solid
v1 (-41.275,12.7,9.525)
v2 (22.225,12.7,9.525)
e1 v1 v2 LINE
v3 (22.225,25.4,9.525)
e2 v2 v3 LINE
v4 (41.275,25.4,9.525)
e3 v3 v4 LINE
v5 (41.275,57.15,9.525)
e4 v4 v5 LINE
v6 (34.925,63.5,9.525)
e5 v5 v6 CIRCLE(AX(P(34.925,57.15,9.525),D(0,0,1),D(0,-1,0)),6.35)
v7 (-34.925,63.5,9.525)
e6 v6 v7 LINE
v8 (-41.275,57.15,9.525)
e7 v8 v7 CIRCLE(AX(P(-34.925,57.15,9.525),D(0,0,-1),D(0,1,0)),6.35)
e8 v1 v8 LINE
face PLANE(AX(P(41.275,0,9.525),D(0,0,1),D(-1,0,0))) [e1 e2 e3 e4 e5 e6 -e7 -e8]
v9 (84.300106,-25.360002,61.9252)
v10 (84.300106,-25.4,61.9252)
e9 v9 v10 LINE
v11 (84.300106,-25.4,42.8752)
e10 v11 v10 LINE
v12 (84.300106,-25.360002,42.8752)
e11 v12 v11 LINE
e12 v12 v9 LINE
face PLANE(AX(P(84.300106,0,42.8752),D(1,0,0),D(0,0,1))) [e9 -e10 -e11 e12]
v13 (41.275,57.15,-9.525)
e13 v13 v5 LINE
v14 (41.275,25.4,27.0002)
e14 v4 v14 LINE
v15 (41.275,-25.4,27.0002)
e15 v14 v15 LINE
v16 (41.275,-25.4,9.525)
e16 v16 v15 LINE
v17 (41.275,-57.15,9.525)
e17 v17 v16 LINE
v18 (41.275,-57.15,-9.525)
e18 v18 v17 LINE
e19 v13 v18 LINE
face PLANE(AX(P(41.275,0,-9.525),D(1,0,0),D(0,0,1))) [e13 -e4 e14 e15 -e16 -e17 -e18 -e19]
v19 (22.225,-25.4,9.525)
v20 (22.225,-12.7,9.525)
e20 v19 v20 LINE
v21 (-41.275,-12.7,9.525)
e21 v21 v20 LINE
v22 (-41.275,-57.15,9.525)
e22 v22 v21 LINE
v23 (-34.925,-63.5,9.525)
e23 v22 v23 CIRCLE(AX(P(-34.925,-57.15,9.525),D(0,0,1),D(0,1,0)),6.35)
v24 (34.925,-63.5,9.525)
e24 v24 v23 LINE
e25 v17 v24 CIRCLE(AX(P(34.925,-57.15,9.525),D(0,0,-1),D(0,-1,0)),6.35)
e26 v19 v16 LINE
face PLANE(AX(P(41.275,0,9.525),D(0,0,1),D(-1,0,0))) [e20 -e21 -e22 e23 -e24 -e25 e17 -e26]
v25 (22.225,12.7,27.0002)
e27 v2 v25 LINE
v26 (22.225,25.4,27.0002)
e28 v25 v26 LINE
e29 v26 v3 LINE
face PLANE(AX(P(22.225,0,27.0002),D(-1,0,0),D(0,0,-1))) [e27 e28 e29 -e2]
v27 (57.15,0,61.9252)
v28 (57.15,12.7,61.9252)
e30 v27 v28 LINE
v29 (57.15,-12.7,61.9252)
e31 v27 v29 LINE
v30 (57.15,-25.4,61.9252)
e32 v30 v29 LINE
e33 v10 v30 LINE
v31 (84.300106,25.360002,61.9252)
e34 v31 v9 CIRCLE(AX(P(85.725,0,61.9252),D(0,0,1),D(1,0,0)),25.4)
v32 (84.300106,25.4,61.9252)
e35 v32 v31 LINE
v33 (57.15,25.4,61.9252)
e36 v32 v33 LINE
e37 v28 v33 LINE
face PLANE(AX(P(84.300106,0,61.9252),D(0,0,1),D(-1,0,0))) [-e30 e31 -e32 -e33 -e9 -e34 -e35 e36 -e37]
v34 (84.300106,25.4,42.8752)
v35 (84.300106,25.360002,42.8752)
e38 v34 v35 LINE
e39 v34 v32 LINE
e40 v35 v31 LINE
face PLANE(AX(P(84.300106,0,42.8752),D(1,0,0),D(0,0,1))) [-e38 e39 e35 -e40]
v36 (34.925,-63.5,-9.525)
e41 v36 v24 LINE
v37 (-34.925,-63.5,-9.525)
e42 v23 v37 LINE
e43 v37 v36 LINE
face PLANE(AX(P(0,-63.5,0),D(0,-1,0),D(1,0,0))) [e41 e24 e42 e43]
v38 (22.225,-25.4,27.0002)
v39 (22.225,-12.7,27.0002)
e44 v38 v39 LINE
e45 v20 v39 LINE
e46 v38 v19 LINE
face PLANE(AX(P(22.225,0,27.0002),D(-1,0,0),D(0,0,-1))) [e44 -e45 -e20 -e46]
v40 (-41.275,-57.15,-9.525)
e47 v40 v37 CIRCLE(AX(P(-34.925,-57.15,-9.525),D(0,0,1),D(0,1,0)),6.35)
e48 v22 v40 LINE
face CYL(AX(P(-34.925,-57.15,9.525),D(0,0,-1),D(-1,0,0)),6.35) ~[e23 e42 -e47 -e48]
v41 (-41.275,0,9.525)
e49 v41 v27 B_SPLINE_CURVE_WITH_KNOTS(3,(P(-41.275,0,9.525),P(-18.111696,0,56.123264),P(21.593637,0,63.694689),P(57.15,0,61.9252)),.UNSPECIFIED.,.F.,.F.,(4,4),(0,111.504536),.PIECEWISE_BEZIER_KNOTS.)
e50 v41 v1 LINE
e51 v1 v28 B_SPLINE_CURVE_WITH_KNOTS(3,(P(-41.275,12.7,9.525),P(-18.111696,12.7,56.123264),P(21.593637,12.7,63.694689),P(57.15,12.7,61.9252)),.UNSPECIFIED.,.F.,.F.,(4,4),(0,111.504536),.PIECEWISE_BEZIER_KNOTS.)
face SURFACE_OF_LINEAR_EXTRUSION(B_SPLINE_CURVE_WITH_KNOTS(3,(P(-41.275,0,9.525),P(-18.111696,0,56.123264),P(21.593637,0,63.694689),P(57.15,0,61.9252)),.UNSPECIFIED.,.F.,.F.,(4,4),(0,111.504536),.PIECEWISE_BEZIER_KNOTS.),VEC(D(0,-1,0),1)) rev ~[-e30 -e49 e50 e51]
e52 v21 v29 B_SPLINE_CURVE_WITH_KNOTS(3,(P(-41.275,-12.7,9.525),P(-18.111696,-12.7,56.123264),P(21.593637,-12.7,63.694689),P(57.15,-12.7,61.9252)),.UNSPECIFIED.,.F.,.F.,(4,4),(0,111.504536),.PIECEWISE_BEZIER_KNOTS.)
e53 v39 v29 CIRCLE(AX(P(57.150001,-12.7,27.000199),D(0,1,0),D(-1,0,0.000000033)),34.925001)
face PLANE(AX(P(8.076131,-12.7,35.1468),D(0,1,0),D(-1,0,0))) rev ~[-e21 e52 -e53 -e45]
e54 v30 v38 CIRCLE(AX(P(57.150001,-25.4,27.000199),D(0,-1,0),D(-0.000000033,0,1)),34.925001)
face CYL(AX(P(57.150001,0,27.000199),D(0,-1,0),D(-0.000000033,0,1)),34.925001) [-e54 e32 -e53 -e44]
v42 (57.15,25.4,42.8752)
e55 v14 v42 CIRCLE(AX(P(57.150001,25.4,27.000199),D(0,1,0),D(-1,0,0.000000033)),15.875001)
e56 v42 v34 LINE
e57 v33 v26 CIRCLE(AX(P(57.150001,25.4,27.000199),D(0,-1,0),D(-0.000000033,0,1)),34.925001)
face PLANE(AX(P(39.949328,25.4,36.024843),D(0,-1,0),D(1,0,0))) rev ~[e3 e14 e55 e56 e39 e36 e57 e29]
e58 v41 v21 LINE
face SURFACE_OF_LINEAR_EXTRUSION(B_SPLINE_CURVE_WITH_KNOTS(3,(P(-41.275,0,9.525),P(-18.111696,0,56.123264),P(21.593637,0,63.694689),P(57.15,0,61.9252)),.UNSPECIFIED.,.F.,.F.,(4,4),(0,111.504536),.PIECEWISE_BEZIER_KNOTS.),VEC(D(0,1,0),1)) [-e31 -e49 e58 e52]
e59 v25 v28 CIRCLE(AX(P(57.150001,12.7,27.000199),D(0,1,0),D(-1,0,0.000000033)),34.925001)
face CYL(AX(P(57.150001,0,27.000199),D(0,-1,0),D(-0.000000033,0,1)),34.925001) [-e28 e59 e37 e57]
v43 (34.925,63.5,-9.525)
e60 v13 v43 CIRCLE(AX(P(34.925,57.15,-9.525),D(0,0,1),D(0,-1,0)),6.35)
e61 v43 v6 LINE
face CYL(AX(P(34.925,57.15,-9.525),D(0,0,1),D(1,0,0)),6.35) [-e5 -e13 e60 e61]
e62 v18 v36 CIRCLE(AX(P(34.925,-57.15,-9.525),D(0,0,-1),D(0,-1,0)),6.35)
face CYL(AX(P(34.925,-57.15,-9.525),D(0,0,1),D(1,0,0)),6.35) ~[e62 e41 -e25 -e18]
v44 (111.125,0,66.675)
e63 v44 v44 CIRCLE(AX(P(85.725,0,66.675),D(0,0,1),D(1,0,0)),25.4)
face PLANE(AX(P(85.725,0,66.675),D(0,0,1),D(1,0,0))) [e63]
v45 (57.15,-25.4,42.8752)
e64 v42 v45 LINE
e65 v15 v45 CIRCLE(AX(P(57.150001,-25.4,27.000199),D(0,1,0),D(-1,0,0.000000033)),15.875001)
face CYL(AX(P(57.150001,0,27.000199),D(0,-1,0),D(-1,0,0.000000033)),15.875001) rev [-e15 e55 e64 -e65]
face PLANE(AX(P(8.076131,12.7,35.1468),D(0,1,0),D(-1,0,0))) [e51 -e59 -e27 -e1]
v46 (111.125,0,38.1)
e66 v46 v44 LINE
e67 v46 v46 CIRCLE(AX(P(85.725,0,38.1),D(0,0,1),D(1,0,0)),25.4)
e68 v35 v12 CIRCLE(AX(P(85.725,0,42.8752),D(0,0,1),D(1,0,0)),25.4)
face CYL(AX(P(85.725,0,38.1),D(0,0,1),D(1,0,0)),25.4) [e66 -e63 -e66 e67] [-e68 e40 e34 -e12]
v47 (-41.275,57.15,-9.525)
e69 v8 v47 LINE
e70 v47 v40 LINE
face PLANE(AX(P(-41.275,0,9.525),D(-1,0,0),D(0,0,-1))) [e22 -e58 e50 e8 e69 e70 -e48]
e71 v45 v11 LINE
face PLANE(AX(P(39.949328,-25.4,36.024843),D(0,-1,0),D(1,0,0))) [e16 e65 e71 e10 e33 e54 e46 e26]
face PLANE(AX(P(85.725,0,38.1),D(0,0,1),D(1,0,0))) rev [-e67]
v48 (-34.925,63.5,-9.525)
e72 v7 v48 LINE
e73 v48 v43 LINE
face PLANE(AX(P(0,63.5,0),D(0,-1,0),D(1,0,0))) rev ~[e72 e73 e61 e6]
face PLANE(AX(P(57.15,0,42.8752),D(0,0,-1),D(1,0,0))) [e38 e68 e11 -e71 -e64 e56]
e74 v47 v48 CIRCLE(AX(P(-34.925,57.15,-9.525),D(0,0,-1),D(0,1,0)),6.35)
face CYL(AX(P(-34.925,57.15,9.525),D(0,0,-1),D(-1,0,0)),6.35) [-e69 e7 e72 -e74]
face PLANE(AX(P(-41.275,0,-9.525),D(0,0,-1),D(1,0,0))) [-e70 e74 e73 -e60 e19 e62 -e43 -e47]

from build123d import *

# Parameters (mm, degrees)
F1_DEPTH = 63.5
F0_W     = 23.975106
F0_H     = 19.05
F2_DEPTH = 25.4
F3_DEPTH = 12.7
F5_R     = 6.35


with BuildPart() as f1:
    # F0 (on Front) → F1 (new body, symmetric)
    with BuildSketch(Plane.XZ):
        Polygon((-41.275, 9.525), (-41.275, -9.525), (41.275, -9.525), (41.275, 9.525), (22.225, 9.525), align=None)
    extrude(amount=F1_DEPTH, both=True)

    # F0 (on Front) → F2 (join, symmetric)
    with BuildSketch(Plane.XZ):
        with BuildLine():
            Line((22.225, 9.525), (41.275, 9.525))
            Line((41.275, 9.525), (41.275, 27.0002))
            ThreePointArc((41.275, 27.0002), (45.92468, 38.22552), (57.15, 42.8752))
            Line((57.15, 42.8752), (60.325, 42.8752))
            Line((60.325, 42.8752), (60.325, 61.9252))
            Line((60.325, 61.9252), (57.15, 61.9252))
            ThreePointArc((57.15, 61.9252), (32.454296, 51.695904), (22.225, 27.0002))
            Line((22.225, 27.0002), (22.225, 9.525))
        make_face()
        with Locations((72.312553, 52.4002)):
            Rectangle(F0_W, F0_H)
    extrude(amount=F2_DEPTH, both=True)

    # F0 (on Front) → F3 (join, symmetric)
    with BuildSketch(Plane.XZ):
        with BuildLine():
            add(Edge.make_bspline(
                [(-41.275, 9.525), (-18.111696, 56.123264), (21.593637, 63.694689), (57.15, 61.9252)],
                knots=[0, 0, 0, 0, 111.504536, 111.504536, 111.504536, 111.504536], degree=3))
            Line((-41.275, 9.525), (22.225, 9.525))
            Line((22.225, 9.525), (22.225, 27.0002))
            ThreePointArc((22.225, 27.0002), (32.454296, 51.695904), (57.15, 61.9252))
        make_face()
    extrude(amount=F3_DEPTH, both=True)

    # F0 (on Front) → F4 (revolve)
    with BuildSketch(Plane.XZ):
        Polygon((111.125, 66.675), (85.725, 66.675), (85.725, 52.3875), (85.725, 38.1), (111.125, 38.1), align=None)
    revolve(axis=Axis((85.725, 0, 61.228485), (0, 0, 1)))

    # F5
    f5_edges = [f1.edges().sort_by_distance(p)[0] for p in [
        (41.275, -63.5, 0),
        (-41.275, -63.5, 0),
        (41.275, 63.5, 0),
        (-41.275, 63.5, 0),
    ]]
    fillet(f5_edges, radius=F5_R)


solid = f1.part
